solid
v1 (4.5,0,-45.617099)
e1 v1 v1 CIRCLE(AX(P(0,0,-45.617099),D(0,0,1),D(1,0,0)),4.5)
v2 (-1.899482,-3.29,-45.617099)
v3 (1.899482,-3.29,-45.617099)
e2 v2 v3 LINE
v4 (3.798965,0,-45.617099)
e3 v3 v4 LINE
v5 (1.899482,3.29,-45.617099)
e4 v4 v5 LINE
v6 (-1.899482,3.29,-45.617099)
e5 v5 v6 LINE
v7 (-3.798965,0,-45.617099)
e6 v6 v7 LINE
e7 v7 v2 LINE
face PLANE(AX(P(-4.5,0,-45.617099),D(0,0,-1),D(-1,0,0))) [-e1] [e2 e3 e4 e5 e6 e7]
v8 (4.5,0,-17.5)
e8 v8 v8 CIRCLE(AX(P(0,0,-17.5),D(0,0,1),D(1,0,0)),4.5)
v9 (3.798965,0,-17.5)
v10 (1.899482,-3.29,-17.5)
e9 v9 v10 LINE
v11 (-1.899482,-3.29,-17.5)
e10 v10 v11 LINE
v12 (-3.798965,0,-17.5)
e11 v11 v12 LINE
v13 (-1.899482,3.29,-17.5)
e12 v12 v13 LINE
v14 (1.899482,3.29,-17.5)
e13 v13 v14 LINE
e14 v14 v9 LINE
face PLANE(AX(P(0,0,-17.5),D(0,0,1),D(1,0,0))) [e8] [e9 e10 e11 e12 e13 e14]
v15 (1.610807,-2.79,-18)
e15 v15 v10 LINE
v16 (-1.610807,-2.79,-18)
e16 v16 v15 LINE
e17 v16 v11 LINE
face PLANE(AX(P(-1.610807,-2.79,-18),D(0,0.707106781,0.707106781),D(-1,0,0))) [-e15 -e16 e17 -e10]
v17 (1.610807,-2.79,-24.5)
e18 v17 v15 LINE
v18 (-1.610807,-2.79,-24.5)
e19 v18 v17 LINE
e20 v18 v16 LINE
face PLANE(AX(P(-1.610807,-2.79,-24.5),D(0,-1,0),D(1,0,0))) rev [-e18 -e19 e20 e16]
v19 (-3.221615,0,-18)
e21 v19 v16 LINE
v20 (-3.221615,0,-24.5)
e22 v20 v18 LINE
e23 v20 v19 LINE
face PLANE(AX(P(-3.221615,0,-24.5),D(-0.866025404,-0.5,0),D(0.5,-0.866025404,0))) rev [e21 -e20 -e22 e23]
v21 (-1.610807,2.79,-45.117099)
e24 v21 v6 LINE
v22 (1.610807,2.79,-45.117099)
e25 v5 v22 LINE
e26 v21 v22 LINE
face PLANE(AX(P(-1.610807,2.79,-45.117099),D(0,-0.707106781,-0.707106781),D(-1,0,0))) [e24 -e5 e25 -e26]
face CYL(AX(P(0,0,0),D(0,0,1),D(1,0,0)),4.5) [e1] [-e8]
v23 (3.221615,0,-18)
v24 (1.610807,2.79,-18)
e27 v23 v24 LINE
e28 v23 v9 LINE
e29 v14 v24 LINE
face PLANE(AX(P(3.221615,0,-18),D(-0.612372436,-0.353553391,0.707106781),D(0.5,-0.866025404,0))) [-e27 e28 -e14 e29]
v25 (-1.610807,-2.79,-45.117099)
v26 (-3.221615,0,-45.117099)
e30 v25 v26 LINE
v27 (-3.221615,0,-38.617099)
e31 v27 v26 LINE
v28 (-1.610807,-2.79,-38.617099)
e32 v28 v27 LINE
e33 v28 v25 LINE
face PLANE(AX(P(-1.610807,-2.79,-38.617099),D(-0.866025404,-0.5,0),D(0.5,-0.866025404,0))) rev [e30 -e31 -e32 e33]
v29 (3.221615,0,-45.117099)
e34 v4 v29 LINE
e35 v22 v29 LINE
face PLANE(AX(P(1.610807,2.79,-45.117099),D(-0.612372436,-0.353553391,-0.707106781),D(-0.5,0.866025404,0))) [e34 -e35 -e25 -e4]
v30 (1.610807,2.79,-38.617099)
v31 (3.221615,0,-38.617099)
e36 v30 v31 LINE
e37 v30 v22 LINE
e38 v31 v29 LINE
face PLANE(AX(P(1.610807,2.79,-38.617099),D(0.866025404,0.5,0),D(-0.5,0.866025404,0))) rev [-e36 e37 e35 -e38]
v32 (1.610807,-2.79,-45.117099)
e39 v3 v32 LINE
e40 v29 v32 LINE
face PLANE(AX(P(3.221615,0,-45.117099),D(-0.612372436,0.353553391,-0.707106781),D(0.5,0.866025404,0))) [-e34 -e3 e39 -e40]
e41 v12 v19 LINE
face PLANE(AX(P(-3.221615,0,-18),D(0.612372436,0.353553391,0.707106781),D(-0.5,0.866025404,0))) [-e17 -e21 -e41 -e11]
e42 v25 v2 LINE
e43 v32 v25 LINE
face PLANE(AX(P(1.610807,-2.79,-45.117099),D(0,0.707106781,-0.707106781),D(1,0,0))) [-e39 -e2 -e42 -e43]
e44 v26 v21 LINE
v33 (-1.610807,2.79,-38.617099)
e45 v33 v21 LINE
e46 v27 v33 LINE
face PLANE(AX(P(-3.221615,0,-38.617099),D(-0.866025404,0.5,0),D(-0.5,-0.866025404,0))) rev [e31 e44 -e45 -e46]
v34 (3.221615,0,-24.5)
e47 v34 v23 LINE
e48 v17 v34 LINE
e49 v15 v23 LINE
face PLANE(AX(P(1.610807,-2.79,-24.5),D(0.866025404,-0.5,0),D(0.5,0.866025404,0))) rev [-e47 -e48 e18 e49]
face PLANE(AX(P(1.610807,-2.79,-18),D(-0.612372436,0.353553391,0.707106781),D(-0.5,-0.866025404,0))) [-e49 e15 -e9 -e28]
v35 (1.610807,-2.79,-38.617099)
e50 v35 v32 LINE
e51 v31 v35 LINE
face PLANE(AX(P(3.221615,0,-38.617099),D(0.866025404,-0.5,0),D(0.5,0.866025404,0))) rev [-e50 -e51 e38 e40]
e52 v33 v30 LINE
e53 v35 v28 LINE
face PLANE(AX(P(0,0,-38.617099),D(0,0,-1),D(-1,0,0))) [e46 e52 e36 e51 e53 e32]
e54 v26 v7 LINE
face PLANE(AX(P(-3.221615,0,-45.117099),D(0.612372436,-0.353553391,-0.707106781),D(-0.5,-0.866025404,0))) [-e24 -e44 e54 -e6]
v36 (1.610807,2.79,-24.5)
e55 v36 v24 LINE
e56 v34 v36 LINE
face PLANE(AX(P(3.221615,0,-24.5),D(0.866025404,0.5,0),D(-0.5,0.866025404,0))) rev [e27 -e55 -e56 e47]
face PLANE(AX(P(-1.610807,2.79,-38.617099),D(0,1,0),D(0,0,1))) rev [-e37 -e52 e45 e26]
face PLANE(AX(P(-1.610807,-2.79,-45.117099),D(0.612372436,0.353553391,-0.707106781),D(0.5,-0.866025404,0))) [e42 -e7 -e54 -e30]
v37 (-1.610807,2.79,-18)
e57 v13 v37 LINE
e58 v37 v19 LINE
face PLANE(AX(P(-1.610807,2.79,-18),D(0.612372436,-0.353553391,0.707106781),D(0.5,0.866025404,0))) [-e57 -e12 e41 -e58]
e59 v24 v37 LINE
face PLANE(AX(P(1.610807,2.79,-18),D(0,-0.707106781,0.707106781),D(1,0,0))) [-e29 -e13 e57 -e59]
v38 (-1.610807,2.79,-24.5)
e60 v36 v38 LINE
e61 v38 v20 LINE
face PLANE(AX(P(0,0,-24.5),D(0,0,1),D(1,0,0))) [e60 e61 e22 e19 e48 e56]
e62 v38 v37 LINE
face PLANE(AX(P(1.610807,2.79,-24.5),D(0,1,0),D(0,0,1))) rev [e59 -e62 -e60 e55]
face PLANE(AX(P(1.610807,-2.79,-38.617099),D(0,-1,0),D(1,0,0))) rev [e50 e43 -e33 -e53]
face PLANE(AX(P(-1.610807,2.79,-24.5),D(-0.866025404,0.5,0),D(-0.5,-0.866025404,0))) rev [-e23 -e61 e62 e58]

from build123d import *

# Parameters (mm, degrees)
SKETCH1_W          = 4.5
SKETCH1_H          = 28.11709914
CUT_EXTRUDE1_DEPTH = 7
CUT_EXTRUDE2_DEPTH = 7
CHAMFER1_SIZE      = 0.5


with BuildPart() as part:
    # Sketch1 → Revolve-Thin1 (revolve)
    with BuildSketch(Plane(origin=(0, 0, 0), x_dir=(1, 0, 0), z_dir=(0, 1, 0))):
        with Locations((2.25, 31.55854957)):
            Rectangle(SKETCH1_W, SKETCH1_H)
    revolve(axis=Axis((0, 0, 0), (0, 0, -1)))

    # Sketch2 → Cut-Extrude1 (cut)
    with BuildSketch(Plane.XY.offset(-17.5)):
        Polygon((1.610807251, 2.79), (-1.610807251, 2.79), (-3.221614502, 0), (-1.610807251, -2.79), (1.610807251, -2.79), (3.221614502, 0), align=None)
    extrude(amount=-CUT_EXTRUDE1_DEPTH, mode=Mode.SUBTRACT)

    # Sketch3 → Cut-Extrude2 (cut)
    with BuildSketch(Plane(origin=(0, 0, -45.61709914), x_dir=(-1, 0, 0), z_dir=(0, 0, -1))):
        Polygon((1.610807251, 2.79), (-1.610807251, 2.79), (-3.221614502, 0), (-1.610807251, -2.79), (1.610807251, -2.79), (3.221614502, 0), align=None)
    extrude(amount=-CUT_EXTRUDE2_DEPTH, mode=Mode.SUBTRACT)

    # Chamfer1
    chamfer1_edges = [part.edges().sort_by_distance(p)[0] for p in [
        (2.416210877, 1.395, -17.5),
        (0, 2.79, -17.5),
        (-2.416210877, 1.395, -17.5),
        (-2.416210877, -1.395, -17.5),
        (0, -2.79, -17.5),
        (2.416210877, -1.395, -17.5),
        (-2.416210877, 1.395, -45.61709914),
        (0, 2.79, -45.61709914),
        (2.416210877, 1.395, -45.61709914),
        (2.416210877, -1.395, -45.61709914),
        (0, -2.79, -45.61709914),
        (-2.416210877, -1.395, -45.61709914),
    ]]
    chamfer(chamfer1_edges, length=CHAMFER1_SIZE)


solid = part.part
